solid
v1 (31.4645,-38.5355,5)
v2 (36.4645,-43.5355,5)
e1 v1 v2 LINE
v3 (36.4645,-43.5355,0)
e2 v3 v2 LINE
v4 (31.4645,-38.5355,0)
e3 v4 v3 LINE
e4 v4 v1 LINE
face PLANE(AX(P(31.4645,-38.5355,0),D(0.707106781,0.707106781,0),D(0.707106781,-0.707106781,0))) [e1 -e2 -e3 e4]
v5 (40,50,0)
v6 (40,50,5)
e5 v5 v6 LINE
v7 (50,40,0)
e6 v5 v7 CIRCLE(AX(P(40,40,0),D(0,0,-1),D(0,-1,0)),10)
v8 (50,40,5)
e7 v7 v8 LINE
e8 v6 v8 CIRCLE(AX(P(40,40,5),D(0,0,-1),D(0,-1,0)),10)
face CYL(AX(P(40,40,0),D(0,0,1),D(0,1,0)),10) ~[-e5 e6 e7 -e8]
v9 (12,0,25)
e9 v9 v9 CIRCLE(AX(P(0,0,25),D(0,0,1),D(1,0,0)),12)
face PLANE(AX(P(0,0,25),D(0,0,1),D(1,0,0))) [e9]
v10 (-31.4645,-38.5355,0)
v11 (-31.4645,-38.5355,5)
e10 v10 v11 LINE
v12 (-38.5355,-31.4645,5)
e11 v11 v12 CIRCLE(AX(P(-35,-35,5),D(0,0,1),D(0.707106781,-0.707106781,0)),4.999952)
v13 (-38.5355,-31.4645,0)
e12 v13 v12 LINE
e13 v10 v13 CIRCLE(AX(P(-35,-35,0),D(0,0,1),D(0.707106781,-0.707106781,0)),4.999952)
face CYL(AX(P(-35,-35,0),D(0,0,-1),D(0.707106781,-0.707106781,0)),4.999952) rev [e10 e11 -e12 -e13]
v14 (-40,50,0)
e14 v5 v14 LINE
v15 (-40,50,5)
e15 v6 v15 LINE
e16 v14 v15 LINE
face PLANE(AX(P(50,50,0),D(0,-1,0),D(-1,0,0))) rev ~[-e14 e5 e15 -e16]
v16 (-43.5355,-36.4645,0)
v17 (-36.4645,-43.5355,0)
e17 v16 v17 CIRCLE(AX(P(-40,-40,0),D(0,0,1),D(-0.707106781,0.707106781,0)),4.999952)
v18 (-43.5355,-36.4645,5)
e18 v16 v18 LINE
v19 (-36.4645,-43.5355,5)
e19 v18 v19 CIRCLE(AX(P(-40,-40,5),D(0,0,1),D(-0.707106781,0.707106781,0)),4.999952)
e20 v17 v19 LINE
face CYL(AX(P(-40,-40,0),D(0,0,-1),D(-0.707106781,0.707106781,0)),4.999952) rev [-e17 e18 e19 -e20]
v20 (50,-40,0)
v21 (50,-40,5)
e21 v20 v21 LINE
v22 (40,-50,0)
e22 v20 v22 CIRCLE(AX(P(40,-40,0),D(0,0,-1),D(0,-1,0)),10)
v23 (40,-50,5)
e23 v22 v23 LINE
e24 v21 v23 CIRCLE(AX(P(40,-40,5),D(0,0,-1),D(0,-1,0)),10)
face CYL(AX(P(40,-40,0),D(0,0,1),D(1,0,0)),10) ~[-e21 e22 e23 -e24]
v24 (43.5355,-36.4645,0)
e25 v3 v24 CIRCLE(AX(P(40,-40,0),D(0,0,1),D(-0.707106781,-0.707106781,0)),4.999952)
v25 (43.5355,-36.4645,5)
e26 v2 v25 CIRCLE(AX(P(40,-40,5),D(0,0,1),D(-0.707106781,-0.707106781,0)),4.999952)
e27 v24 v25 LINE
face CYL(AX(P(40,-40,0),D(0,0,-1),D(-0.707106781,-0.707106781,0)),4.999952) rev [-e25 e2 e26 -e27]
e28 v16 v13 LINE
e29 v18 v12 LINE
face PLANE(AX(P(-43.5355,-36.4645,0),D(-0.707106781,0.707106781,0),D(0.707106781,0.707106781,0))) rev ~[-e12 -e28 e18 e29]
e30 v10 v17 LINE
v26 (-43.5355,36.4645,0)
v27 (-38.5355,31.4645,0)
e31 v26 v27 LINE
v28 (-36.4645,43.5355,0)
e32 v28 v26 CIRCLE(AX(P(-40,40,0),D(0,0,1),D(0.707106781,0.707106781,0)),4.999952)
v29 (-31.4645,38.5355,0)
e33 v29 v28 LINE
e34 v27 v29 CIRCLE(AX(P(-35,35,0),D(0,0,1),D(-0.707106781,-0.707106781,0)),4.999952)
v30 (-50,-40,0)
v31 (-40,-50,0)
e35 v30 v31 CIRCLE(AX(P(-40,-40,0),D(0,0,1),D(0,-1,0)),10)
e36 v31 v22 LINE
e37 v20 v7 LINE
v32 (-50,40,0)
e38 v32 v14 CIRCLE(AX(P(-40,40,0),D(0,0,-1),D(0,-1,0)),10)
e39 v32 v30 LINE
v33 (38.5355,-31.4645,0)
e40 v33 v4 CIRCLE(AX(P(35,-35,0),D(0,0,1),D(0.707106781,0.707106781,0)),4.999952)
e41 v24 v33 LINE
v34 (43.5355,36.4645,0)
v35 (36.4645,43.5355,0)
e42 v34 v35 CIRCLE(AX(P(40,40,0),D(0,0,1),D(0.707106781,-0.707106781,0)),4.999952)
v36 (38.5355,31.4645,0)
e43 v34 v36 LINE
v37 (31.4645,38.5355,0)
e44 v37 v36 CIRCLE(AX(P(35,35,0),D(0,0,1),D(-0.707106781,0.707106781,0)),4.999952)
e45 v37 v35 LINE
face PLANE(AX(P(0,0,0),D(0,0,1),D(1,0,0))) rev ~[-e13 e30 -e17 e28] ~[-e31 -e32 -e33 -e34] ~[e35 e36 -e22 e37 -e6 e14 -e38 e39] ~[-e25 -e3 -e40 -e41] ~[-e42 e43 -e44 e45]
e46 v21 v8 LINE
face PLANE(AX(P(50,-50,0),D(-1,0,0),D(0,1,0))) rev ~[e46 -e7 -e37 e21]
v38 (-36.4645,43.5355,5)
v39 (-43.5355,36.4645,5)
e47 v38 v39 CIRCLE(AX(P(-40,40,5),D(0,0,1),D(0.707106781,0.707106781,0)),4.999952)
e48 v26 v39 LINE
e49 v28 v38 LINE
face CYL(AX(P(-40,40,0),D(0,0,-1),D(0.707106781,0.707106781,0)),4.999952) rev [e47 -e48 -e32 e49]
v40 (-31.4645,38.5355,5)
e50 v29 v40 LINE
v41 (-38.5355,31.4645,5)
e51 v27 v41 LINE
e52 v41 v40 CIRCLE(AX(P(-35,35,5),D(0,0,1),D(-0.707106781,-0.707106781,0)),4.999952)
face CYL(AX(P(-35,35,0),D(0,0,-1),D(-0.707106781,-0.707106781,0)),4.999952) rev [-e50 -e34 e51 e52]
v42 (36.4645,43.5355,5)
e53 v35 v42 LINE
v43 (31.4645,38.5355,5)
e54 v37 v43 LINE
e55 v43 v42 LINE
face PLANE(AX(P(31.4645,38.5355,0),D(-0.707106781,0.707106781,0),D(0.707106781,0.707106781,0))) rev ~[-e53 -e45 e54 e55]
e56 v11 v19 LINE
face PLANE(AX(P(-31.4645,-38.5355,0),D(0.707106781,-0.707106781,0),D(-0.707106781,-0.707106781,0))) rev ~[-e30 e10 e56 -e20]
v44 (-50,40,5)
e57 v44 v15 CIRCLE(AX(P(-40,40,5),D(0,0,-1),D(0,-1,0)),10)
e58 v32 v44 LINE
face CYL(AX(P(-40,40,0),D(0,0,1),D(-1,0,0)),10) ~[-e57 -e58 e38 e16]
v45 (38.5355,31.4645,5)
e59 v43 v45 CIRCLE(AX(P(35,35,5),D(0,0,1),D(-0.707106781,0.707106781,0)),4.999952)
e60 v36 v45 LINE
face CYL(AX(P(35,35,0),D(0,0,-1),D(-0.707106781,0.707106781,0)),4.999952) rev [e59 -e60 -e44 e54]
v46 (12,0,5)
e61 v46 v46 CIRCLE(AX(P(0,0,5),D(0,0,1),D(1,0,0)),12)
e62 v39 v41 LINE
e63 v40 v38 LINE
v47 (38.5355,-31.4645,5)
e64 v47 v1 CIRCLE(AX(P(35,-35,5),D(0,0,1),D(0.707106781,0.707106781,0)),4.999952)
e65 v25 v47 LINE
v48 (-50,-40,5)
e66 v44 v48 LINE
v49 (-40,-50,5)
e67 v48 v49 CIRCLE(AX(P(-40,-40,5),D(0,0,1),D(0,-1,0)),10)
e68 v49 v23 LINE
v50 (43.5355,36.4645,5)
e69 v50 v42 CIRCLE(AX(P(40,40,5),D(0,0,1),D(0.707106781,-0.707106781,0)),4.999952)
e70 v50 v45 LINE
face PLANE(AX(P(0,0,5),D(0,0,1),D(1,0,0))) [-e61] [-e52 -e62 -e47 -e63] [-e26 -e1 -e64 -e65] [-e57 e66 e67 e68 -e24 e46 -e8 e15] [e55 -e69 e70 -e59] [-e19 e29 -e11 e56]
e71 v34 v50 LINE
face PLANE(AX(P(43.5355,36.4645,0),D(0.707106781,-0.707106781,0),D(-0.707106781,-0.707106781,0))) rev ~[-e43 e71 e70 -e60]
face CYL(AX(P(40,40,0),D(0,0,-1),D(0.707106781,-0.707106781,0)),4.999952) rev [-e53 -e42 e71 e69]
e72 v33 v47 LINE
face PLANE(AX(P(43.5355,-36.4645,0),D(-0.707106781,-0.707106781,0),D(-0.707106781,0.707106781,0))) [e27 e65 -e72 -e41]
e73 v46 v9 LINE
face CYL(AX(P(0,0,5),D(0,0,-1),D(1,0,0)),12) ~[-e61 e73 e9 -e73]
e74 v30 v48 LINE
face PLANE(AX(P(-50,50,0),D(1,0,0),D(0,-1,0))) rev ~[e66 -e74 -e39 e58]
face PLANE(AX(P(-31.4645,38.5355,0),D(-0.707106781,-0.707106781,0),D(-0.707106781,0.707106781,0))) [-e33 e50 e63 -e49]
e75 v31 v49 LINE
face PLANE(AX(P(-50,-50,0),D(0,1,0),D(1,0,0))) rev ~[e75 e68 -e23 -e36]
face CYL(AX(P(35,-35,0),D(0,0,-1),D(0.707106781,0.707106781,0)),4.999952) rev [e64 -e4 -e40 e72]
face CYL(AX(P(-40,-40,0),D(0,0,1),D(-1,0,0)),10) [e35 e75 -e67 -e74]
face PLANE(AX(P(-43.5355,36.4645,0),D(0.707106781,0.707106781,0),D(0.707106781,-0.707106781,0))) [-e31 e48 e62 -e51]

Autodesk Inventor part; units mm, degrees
ref_plane "YZ Plane" through (0, 0, 0) normal (1, 0, 0) x (0, 1, 0)
ref_plane "XZ Plane" through (0, 0, 0) normal (0, 1, 0) x (-1, 0, 0)
ref_plane "XY Plane" through (0, 0, 0) normal (0, 0, 1) x (1, 0, 0)
sketch "スケッチ1" plane through (0, 0, 0) normal (0, 0, 1) x (1, 0, 0)
  line L0 (-50, -50) -> (50, -50)
  line L1 (50, -50) -> (50, 50)
  line L2 (50, 50) -> (-50, 50)
  line L3 (-50, 50) -> (-50, -50)
  line L4 (-50, -50) -> (50, 50) construction
  line L5 (50, -50) -> (-50, 50) construction
  line L6 (35, 35) -> (40, 40) construction
  line L7 (31.4645, 38.5355) -> (36.4645, 43.5355)
  line L8 (43.5355, 36.4645) -> (38.5355, 31.4645)
  arc A0 (31.4645, 38.5355) -> (38.5355, 31.4645) centre (35, 35) ccw
  arc A1 (43.5355, 36.4645) -> (36.4645, 43.5355) centre (40, 40) ccw
  line L9 (-50, 0) -> (50, 0) construction
  line L10 (0, 50) -> (0, -50) construction
  line L11 (-35, 35) -> (-40, 40) construction
  line L12 (-31.4645, 38.5355) -> (-36.4645, 43.5355)
  line L13 (-43.5355, 36.4645) -> (-38.5355, 31.4645)
  arc A2 (-38.5355, 31.4645) -> (-31.4645, 38.5355) centre (-35, 35) ccw
  arc A3 (-36.4645, 43.5355) -> (-43.5355, 36.4645) centre (-40, 40) ccw
  line L14 (35, -35) -> (40, -40) construction
  line L15 (31.4645, -38.5355) -> (36.4645, -43.5355)
  line L16 (43.5355, -36.4645) -> (38.5355, -31.4645)
  arc A4 (38.5355, -31.4645) -> (31.4645, -38.5355) centre (35, -35) ccw
  arc A5 (36.4645, -43.5355) -> (43.5355, -36.4645) centre (40, -40) ccw
  arc A6 (-31.4645, -38.5355) -> (-38.5355, -31.4645) centre (-35, -35) ccw
  line L17 (-43.5355, -36.4645) -> (-38.5355, -31.4645)
  line L18 (-35, -35) -> (-40, -40) construction
  arc A7 (-43.5355, -36.4645) -> (-36.4645, -43.5355) centre (-40, -40) ccw
  line L19 (-31.4645, -38.5355) -> (-36.4645, -43.5355)
  point P0 (0, 0)
  point P1 (37.5, 37.5)
  point P2 (-37.5, 37.5)
  point P3 (37.5, -37.5)
  point P4 (-37.5, -37.5)
  dimension "d0" = 100
  dimension "d1" = 100
  dimension "d2" = 10
  dimension "d3" = 15
  dimension "d4" = 5
extrude "押し出し1" add sketch "スケッチ1" along normal blind 5
fillet "フィレット1" radius 10 4 edges at (50, 50, 2.5) (50, -50, 2.5) (-50, -50, 2.5) (-50, 50, 2.5)
sketch "スケッチ2" plane through (0, 0, 5) normal (0, 0, 1) x (1, 0, 0)
  circle A0 centre (0, 0) radius 12
  dimension "d8" = 24
extrude "押し出し2" add sketch "スケッチ2" along normal blind 20
properties part number "自由輪パーツ2"
